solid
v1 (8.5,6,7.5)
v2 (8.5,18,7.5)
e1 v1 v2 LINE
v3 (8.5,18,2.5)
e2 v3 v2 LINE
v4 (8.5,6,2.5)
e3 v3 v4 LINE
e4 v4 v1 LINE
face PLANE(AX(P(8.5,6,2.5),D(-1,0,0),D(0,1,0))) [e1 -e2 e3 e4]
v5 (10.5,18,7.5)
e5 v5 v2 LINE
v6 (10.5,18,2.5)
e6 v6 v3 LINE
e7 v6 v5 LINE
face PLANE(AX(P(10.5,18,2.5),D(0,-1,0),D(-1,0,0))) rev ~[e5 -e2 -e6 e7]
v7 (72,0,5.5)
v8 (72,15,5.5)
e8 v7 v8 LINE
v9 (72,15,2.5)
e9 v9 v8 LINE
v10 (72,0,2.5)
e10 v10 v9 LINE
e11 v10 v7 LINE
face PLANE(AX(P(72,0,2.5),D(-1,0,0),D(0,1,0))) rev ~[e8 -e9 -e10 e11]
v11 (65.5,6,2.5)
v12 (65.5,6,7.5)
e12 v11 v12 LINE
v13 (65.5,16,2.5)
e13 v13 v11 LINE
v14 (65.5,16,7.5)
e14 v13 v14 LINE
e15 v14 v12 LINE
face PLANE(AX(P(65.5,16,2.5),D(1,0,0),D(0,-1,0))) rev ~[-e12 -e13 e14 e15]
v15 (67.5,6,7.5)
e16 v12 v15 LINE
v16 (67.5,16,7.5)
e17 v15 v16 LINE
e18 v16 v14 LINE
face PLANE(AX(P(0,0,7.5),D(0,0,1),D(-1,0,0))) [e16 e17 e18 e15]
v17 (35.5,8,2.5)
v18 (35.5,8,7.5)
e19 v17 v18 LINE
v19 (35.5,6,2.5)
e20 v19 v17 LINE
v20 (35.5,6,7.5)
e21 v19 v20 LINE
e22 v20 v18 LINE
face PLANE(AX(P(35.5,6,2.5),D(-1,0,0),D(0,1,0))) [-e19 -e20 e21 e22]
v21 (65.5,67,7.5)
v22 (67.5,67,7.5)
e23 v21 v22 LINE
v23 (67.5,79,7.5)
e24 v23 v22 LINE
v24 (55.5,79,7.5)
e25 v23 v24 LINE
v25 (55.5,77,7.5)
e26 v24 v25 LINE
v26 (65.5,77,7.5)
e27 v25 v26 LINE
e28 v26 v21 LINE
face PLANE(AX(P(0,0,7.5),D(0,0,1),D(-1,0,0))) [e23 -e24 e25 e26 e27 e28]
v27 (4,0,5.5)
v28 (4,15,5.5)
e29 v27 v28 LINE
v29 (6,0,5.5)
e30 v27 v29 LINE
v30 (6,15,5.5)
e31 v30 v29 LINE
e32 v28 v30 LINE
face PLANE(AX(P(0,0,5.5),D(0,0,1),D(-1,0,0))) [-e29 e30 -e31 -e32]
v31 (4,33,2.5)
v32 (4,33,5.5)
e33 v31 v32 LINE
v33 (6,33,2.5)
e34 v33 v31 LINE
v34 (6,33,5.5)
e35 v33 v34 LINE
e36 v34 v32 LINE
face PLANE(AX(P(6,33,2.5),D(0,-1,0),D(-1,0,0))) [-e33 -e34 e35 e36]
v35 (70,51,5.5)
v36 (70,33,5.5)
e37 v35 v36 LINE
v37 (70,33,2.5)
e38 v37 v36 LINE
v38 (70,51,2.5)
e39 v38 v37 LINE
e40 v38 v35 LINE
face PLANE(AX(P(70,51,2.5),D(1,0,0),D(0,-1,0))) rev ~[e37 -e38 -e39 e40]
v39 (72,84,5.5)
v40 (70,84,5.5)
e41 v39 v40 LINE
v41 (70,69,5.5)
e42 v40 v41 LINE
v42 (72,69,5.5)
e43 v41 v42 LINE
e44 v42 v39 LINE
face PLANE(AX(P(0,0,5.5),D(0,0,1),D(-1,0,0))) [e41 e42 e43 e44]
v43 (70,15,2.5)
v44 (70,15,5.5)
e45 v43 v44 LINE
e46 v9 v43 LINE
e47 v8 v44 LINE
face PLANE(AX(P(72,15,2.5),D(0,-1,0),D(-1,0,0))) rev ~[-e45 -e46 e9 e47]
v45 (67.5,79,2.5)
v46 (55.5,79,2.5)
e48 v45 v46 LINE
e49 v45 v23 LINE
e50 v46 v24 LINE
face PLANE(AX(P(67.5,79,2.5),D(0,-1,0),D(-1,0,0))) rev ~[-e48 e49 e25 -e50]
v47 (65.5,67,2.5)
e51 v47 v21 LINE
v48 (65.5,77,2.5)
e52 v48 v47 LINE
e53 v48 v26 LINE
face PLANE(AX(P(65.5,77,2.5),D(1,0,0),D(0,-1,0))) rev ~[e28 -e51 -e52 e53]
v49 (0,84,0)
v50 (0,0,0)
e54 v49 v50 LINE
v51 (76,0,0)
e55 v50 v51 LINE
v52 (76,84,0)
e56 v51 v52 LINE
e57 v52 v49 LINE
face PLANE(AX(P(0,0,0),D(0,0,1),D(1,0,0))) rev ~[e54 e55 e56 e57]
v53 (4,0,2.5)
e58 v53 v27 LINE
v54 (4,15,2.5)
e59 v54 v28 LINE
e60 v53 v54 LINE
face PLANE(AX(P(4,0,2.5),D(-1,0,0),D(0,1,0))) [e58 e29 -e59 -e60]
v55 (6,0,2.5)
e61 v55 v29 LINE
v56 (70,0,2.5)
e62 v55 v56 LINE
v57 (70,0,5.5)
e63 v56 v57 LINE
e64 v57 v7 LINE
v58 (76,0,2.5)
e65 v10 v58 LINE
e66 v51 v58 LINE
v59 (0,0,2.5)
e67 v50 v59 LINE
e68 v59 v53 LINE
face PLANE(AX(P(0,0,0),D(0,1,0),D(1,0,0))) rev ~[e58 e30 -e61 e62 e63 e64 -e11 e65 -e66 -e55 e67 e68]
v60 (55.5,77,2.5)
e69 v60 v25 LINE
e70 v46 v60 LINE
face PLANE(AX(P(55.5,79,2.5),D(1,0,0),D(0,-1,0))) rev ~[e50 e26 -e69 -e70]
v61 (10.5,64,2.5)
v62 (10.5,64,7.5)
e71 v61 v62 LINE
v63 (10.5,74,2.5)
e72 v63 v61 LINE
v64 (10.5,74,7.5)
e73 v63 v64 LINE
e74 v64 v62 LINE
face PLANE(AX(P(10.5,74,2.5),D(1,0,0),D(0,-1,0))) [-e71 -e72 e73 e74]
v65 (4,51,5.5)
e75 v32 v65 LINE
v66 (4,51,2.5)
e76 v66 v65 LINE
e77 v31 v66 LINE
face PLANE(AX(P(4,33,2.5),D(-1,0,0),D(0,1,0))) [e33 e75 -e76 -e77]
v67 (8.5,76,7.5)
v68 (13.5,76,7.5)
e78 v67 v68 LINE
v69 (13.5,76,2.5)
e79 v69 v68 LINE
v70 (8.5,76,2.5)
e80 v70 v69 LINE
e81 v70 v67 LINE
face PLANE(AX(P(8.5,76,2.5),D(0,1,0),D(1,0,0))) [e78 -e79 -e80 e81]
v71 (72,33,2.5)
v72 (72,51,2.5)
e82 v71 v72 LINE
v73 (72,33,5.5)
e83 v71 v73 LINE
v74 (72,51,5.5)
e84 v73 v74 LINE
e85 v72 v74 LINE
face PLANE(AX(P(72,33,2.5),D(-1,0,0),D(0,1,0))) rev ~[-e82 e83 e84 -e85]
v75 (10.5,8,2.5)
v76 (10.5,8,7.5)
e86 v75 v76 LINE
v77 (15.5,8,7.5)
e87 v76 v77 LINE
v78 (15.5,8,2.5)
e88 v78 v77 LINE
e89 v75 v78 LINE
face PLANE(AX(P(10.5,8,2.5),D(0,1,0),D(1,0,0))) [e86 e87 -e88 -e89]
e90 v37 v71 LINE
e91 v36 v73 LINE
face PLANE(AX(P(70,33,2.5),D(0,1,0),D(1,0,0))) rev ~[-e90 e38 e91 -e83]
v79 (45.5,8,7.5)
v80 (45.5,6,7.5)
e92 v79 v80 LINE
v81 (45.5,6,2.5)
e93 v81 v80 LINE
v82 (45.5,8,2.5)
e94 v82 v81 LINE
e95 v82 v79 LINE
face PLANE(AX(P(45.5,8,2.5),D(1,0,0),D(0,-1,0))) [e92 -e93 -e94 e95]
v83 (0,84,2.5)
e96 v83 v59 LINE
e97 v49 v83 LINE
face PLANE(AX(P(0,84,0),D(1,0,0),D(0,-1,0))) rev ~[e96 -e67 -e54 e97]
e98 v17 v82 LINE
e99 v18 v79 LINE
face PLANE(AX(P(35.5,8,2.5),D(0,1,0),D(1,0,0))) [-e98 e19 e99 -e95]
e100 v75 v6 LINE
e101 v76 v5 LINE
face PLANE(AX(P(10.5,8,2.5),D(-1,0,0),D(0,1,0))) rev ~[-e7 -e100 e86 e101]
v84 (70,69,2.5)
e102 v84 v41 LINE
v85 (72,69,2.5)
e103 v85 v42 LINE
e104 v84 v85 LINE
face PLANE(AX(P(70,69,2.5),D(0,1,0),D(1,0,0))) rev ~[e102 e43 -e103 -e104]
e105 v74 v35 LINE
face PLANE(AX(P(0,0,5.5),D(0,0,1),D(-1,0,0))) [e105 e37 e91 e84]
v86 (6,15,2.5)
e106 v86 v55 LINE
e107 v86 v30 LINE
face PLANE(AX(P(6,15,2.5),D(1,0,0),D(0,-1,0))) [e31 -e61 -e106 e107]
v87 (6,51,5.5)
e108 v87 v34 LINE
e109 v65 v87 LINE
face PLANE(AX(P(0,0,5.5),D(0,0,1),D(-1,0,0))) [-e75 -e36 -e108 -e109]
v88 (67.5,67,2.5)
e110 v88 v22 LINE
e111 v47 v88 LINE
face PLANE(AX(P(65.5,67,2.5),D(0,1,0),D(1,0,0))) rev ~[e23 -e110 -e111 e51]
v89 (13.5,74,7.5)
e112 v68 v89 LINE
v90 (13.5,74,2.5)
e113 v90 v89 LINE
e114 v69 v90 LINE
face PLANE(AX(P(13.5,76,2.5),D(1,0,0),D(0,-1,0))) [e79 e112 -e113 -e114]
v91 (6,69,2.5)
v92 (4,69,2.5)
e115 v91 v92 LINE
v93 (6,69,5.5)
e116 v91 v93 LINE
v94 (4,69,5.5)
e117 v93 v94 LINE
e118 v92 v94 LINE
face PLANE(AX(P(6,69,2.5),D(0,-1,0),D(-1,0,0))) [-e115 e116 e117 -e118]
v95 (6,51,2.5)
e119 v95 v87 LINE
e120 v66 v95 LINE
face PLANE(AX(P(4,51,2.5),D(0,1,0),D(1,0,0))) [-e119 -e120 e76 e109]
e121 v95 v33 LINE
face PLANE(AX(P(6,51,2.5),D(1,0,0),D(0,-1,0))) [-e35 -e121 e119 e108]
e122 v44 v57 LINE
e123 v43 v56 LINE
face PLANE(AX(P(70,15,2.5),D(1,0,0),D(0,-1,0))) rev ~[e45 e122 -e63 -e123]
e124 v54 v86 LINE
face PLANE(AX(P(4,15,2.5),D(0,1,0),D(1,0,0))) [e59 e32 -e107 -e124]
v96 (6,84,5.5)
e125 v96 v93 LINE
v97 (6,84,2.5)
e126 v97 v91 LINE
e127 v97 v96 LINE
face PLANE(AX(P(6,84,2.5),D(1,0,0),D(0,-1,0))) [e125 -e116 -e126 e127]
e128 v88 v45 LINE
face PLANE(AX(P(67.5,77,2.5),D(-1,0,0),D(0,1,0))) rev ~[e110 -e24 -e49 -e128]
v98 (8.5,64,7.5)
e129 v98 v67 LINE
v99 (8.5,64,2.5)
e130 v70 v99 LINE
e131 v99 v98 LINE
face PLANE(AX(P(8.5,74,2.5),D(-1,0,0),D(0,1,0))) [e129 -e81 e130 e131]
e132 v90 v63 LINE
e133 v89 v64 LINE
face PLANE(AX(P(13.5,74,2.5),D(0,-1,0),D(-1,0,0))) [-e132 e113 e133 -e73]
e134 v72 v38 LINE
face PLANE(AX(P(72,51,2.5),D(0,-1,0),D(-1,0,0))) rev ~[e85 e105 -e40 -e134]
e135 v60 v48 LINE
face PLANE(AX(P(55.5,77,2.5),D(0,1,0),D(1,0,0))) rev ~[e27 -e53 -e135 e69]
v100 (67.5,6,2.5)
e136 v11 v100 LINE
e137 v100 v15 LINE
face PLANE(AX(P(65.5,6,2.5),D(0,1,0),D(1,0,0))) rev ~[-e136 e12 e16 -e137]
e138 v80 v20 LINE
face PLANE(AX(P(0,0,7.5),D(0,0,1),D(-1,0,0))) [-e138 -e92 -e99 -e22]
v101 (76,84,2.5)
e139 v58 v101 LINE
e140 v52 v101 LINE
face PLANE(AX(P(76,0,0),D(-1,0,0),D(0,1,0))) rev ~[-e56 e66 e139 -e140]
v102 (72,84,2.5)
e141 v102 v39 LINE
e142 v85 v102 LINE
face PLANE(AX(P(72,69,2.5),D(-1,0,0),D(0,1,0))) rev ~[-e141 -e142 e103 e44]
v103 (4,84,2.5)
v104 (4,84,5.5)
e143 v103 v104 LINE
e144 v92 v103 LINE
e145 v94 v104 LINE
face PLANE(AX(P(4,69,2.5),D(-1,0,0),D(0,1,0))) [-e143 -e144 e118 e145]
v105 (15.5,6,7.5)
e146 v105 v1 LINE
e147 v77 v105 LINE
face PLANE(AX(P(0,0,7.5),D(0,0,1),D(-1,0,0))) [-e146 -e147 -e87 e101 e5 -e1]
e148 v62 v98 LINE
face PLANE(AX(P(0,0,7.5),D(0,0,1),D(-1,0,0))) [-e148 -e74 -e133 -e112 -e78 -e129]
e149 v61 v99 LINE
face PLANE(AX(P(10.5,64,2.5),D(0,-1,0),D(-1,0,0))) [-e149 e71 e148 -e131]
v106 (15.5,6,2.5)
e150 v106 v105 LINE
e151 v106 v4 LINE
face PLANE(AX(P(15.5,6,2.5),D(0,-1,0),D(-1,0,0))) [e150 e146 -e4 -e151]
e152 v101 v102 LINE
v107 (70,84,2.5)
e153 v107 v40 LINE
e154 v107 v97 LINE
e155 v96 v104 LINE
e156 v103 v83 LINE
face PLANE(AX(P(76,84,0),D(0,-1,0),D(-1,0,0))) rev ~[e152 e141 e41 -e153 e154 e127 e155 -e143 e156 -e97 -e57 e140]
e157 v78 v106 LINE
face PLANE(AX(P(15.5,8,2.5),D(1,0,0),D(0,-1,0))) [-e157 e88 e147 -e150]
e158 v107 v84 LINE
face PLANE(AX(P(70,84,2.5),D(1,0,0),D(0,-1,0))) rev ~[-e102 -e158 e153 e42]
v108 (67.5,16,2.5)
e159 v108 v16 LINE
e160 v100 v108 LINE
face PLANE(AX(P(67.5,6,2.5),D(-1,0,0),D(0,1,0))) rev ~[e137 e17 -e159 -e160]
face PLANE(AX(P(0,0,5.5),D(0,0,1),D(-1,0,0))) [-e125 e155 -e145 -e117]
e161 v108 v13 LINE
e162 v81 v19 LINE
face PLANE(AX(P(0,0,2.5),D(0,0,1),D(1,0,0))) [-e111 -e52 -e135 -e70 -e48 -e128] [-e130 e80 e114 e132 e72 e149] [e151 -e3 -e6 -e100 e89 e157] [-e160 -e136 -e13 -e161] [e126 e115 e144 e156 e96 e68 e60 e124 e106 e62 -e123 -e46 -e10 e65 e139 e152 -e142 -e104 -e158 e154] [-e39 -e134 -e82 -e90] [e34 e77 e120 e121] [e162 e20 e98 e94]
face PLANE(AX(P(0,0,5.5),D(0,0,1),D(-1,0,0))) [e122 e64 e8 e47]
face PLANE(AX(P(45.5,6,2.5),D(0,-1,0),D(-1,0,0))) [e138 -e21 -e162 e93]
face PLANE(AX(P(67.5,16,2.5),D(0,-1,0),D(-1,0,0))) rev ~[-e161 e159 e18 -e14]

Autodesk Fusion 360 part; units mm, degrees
sketch "Sketch1" plane through (0, 0, 0) normal (0, 0, 1) x (1, 0, 0)
  line L0 (0, 0) -> (76, 0)
  line L1 (76, 0) -> (76, 84)
  line L2 (76, 84) -> (0, 84)
  line L3 (0, 84) -> (0, 0)
  dimension "d1" = 76
  dimension "d2" = 84
extrude "Extrude1" add sketch "Sketch1" along normal blind 2.5
sketch "Sketch2" plane through (0, 0, 2.5) normal (0, 0, 1) x (-1, 0, 0)
  line L0 (0, -84) -> (0, 0)
  line L1 (0, 0) -> (-76, 0)
  line L2 (-76, 0) -> (-76, -84)
  line L3 (-76, -84) -> (0, -84)
  line L4 (0, -84) -> (-4, -84)
  line L5 (-4, -84) -> (-6, -84)
  line L6 (-6, -84) -> (-6, -69)
  line L7 (-6, -69) -> (-4, -69)
  line L8 (-4, -69) -> (-4, -84)
  line L9 (-4, -69) -> (-4, -51)
  line L10 (-4, -51) -> (-6, -51)
  line L11 (-6, -51) -> (-6, -33)
  line L12 (-6, -33) -> (-4, -33)
  line L13 (-4, -33) -> (-4, -51)
  line L14 (-4, -33) -> (-4, -15)
  line L15 (-4, -15) -> (-6, -15)
  line L16 (-6, -15) -> (-6, 0)
  line L17 (-6, 0) -> (-4, 0)
  line L18 (-4, 0) -> (-4, -15)
  line L19 (-6, -84) -> (-40, -84)
  line L20 (-4, -84) -> (-38, -84)
  line L21 (-38, -84) -> (-38, -65)
  line L22 (-72, -69) -> (-72, -84)
  line L23 (-70, -84) -> (-70, -69)
  line L24 (-72, -84) -> (-38, -84)
  line L25 (-70, -69) -> (-72, -69)
  line L26 (-72, -51) -> (-70, -51)
  line L27 (-70, -51) -> (-70, -33)
  line L28 (-72, -33) -> (-72, -51)
  line L29 (-70, -33) -> (-72, -33)
  line L30 (-72, -15) -> (-70, -15)
  line L31 (-70, -15) -> (-70, 0)
  line L32 (-72, 0) -> (-72, -15)
  line L33 (-70, 0) -> (-72, 0)
  dimension "d5" = 4
  dimension "d6" = 2
  dimension "d7" = 15
  dimension "d8" = 18
  dimension "d9" = 2
  dimension "d10" = 18
  dimension "d11" = 18
  dimension "d12" = 2
  dimension "d13" = 15
  dimension "d15" = 34
extrude "Extrude2" add sketch "Sketch2" along normal blind 3 contours L3 L5 L6 L7 L8 L20 | L1 L15 L16 L17 L18 | L10 L11 L12 L13 | L1 L30 L31 L32 L33 | L3 L22 L23 L24 L25 | L26 L27 L28 L29
sketch "Sketch3" plane through (0, 0, 2.5) normal (0, 0, 1) x (-1, 0, 0)
  line L0 (-72, -15) -> (-72, 0)
  line L1 (-72, 0) -> (-76, 0)
  line L2 (-76, 0) -> (-76, -84)
  line L3 (-76, -84) -> (-72, -84)
  line L4 (-72, -84) -> (-72, -69)
  line L5 (-72, -69) -> (-70, -69)
  line L6 (-70, -69) -> (-70, -84)
  line L7 (-70, -84) -> (-6, -84)
  line L8 (-6, -84) -> (-6, -69)
  line L9 (-6, -69) -> (-4, -69)
  line L10 (-4, -69) -> (-4, -84)
  line L11 (-4, -84) -> (0, -84)
  line L12 (0, -84) -> (0, 0)
  line L13 (0, 0) -> (-4, 0)
  line L14 (-4, 0) -> (-4, -15)
  line L15 (-4, -15) -> (-6, -15)
  line L16 (-6, -15) -> (-6, 0)
  line L17 (-6, 0) -> (-70, 0)
  line L18 (-70, 0) -> (-70, -15)
  line L19 (-70, -15) -> (-72, -15)
  line L20 (-4, -33) -> (-4, -51)
  line L21 (-4, -51) -> (-6, -51)
  line L22 (-6, -51) -> (-6, -33)
  line L23 (-6, -33) -> (-4, -33)
  line L24 (-70, -33) -> (-70, -51)
  line L25 (-70, -51) -> (-72, -51)
  line L26 (-72, -51) -> (-72, -33)
  line L27 (-72, -33) -> (-70, -33)
  line L28 (-70, -84) -> (-67.5, -84)
  line L29 (-67.5, -84) -> (-67.5, -79)
  line L30 (-67.5, -79) -> (-55.5, -79)
  line L31 (-55.5, -79) -> (-55.5, -77)
  line L32 (-55.5, -77) -> (-67.5, -77)
  line L33 (-67.5, -77) -> (-67.5, -79)
  line L34 (-67.5, -77) -> (-65.5, -77)
  line L35 (-65.5, -77) -> (-65.5, -67)
  line L36 (-65.5, -67) -> (-67.5, -67)
  line L37 (-67.5, -67) -> (-67.5, -77)
  line L38 (-67.5, -79) -> (-8.5, -79)
  line L39 (-8.5, -79) -> (-8.5, -76)
  line L40 (-8.5, -76) -> (-13.5, -76)
  line L41 (-13.5, -76) -> (-13.5, -74)
  line L42 (-13.5, -74) -> (-8.5, -74)
  line L43 (-8.5, -74) -> (-8.5, -76)
  line L44 (-8.5, -74) -> (-10.5, -74)
  line L45 (-10.5, -74) -> (-10.5, -64)
  line L46 (-10.5, -64) -> (-8.5, -64)
  line L47 (-8.5, -64) -> (-8.5, -74)
  line L48 (-67.5, -67) -> (-67.5, -16)
  line L49 (-67.5, -16) -> (-65.5, -16)
  line L50 (-65.5, -16) -> (-65.5, -6)
  line L51 (-65.5, -6) -> (-67.5, -6)
  line L52 (-67.5, -6) -> (-67.5, -16)
  line L53 (-65.5, -6) -> (-45.5, -6)
  line L54 (-45.5, -6) -> (-35.5, -6)
  line L55 (-35.5, -6) -> (-35.5, -8)
  line L56 (-35.5, -8) -> (-45.5, -8)
  line L57 (-45.5, -8) -> (-45.5, -6)
  line L58 (-35.5, -6) -> (-15.5, -6)
  line L59 (-15.5, -6) -> (-8.5, -6)
  line L60 (-8.5, -6) -> (-8.5, -8)
  line L61 (-8.5, -8) -> (-15.5, -8)
  line L62 (-15.5, -8) -> (-15.5, -6)
  line L63 (-8.5, -8) -> (-10.5, -8)
  line L64 (-10.5, -8) -> (-10.5, -18)
  line L65 (-10.5, -18) -> (-8.5, -18)
  line L66 (-8.5, -18) -> (-8.5, -8)
  dimension "d19" = 2.5
  dimension "d20" = 5
  dimension "d21" = 12
  dimension "d22" = 2
  dimension "d23" = 2
  dimension "d24" = 10
  dimension "d25" = 59
  dimension "d26" = 3
  dimension "d27" = 5
  dimension "d28" = 2
  dimension "d29" = 10
  dimension "d30" = 51
  dimension "d31" = 2
  dimension "d32" = 10
  dimension "d33" = 20
  dimension "d34" = 10
  dimension "d35" = 2
  dimension "d36" = 20
  dimension "d37" = 7
  dimension "d38" = 2
  dimension "d39" = 2
  dimension "d40" = 10
extrude "Extrude3" add sketch "Sketch3" along normal blind 5 contours L59 L60 L61 L62 L63 | L54 L55 L56 L57 | L49 L50 L51 L52 | L40 L41 L42 L43 L44 | L30 L31 L32 L33 L34 L38 | L32 L34 L35 L36 L37 | L42 L44 L45 L46 L47 | L61 L63 L64 L65 L66
